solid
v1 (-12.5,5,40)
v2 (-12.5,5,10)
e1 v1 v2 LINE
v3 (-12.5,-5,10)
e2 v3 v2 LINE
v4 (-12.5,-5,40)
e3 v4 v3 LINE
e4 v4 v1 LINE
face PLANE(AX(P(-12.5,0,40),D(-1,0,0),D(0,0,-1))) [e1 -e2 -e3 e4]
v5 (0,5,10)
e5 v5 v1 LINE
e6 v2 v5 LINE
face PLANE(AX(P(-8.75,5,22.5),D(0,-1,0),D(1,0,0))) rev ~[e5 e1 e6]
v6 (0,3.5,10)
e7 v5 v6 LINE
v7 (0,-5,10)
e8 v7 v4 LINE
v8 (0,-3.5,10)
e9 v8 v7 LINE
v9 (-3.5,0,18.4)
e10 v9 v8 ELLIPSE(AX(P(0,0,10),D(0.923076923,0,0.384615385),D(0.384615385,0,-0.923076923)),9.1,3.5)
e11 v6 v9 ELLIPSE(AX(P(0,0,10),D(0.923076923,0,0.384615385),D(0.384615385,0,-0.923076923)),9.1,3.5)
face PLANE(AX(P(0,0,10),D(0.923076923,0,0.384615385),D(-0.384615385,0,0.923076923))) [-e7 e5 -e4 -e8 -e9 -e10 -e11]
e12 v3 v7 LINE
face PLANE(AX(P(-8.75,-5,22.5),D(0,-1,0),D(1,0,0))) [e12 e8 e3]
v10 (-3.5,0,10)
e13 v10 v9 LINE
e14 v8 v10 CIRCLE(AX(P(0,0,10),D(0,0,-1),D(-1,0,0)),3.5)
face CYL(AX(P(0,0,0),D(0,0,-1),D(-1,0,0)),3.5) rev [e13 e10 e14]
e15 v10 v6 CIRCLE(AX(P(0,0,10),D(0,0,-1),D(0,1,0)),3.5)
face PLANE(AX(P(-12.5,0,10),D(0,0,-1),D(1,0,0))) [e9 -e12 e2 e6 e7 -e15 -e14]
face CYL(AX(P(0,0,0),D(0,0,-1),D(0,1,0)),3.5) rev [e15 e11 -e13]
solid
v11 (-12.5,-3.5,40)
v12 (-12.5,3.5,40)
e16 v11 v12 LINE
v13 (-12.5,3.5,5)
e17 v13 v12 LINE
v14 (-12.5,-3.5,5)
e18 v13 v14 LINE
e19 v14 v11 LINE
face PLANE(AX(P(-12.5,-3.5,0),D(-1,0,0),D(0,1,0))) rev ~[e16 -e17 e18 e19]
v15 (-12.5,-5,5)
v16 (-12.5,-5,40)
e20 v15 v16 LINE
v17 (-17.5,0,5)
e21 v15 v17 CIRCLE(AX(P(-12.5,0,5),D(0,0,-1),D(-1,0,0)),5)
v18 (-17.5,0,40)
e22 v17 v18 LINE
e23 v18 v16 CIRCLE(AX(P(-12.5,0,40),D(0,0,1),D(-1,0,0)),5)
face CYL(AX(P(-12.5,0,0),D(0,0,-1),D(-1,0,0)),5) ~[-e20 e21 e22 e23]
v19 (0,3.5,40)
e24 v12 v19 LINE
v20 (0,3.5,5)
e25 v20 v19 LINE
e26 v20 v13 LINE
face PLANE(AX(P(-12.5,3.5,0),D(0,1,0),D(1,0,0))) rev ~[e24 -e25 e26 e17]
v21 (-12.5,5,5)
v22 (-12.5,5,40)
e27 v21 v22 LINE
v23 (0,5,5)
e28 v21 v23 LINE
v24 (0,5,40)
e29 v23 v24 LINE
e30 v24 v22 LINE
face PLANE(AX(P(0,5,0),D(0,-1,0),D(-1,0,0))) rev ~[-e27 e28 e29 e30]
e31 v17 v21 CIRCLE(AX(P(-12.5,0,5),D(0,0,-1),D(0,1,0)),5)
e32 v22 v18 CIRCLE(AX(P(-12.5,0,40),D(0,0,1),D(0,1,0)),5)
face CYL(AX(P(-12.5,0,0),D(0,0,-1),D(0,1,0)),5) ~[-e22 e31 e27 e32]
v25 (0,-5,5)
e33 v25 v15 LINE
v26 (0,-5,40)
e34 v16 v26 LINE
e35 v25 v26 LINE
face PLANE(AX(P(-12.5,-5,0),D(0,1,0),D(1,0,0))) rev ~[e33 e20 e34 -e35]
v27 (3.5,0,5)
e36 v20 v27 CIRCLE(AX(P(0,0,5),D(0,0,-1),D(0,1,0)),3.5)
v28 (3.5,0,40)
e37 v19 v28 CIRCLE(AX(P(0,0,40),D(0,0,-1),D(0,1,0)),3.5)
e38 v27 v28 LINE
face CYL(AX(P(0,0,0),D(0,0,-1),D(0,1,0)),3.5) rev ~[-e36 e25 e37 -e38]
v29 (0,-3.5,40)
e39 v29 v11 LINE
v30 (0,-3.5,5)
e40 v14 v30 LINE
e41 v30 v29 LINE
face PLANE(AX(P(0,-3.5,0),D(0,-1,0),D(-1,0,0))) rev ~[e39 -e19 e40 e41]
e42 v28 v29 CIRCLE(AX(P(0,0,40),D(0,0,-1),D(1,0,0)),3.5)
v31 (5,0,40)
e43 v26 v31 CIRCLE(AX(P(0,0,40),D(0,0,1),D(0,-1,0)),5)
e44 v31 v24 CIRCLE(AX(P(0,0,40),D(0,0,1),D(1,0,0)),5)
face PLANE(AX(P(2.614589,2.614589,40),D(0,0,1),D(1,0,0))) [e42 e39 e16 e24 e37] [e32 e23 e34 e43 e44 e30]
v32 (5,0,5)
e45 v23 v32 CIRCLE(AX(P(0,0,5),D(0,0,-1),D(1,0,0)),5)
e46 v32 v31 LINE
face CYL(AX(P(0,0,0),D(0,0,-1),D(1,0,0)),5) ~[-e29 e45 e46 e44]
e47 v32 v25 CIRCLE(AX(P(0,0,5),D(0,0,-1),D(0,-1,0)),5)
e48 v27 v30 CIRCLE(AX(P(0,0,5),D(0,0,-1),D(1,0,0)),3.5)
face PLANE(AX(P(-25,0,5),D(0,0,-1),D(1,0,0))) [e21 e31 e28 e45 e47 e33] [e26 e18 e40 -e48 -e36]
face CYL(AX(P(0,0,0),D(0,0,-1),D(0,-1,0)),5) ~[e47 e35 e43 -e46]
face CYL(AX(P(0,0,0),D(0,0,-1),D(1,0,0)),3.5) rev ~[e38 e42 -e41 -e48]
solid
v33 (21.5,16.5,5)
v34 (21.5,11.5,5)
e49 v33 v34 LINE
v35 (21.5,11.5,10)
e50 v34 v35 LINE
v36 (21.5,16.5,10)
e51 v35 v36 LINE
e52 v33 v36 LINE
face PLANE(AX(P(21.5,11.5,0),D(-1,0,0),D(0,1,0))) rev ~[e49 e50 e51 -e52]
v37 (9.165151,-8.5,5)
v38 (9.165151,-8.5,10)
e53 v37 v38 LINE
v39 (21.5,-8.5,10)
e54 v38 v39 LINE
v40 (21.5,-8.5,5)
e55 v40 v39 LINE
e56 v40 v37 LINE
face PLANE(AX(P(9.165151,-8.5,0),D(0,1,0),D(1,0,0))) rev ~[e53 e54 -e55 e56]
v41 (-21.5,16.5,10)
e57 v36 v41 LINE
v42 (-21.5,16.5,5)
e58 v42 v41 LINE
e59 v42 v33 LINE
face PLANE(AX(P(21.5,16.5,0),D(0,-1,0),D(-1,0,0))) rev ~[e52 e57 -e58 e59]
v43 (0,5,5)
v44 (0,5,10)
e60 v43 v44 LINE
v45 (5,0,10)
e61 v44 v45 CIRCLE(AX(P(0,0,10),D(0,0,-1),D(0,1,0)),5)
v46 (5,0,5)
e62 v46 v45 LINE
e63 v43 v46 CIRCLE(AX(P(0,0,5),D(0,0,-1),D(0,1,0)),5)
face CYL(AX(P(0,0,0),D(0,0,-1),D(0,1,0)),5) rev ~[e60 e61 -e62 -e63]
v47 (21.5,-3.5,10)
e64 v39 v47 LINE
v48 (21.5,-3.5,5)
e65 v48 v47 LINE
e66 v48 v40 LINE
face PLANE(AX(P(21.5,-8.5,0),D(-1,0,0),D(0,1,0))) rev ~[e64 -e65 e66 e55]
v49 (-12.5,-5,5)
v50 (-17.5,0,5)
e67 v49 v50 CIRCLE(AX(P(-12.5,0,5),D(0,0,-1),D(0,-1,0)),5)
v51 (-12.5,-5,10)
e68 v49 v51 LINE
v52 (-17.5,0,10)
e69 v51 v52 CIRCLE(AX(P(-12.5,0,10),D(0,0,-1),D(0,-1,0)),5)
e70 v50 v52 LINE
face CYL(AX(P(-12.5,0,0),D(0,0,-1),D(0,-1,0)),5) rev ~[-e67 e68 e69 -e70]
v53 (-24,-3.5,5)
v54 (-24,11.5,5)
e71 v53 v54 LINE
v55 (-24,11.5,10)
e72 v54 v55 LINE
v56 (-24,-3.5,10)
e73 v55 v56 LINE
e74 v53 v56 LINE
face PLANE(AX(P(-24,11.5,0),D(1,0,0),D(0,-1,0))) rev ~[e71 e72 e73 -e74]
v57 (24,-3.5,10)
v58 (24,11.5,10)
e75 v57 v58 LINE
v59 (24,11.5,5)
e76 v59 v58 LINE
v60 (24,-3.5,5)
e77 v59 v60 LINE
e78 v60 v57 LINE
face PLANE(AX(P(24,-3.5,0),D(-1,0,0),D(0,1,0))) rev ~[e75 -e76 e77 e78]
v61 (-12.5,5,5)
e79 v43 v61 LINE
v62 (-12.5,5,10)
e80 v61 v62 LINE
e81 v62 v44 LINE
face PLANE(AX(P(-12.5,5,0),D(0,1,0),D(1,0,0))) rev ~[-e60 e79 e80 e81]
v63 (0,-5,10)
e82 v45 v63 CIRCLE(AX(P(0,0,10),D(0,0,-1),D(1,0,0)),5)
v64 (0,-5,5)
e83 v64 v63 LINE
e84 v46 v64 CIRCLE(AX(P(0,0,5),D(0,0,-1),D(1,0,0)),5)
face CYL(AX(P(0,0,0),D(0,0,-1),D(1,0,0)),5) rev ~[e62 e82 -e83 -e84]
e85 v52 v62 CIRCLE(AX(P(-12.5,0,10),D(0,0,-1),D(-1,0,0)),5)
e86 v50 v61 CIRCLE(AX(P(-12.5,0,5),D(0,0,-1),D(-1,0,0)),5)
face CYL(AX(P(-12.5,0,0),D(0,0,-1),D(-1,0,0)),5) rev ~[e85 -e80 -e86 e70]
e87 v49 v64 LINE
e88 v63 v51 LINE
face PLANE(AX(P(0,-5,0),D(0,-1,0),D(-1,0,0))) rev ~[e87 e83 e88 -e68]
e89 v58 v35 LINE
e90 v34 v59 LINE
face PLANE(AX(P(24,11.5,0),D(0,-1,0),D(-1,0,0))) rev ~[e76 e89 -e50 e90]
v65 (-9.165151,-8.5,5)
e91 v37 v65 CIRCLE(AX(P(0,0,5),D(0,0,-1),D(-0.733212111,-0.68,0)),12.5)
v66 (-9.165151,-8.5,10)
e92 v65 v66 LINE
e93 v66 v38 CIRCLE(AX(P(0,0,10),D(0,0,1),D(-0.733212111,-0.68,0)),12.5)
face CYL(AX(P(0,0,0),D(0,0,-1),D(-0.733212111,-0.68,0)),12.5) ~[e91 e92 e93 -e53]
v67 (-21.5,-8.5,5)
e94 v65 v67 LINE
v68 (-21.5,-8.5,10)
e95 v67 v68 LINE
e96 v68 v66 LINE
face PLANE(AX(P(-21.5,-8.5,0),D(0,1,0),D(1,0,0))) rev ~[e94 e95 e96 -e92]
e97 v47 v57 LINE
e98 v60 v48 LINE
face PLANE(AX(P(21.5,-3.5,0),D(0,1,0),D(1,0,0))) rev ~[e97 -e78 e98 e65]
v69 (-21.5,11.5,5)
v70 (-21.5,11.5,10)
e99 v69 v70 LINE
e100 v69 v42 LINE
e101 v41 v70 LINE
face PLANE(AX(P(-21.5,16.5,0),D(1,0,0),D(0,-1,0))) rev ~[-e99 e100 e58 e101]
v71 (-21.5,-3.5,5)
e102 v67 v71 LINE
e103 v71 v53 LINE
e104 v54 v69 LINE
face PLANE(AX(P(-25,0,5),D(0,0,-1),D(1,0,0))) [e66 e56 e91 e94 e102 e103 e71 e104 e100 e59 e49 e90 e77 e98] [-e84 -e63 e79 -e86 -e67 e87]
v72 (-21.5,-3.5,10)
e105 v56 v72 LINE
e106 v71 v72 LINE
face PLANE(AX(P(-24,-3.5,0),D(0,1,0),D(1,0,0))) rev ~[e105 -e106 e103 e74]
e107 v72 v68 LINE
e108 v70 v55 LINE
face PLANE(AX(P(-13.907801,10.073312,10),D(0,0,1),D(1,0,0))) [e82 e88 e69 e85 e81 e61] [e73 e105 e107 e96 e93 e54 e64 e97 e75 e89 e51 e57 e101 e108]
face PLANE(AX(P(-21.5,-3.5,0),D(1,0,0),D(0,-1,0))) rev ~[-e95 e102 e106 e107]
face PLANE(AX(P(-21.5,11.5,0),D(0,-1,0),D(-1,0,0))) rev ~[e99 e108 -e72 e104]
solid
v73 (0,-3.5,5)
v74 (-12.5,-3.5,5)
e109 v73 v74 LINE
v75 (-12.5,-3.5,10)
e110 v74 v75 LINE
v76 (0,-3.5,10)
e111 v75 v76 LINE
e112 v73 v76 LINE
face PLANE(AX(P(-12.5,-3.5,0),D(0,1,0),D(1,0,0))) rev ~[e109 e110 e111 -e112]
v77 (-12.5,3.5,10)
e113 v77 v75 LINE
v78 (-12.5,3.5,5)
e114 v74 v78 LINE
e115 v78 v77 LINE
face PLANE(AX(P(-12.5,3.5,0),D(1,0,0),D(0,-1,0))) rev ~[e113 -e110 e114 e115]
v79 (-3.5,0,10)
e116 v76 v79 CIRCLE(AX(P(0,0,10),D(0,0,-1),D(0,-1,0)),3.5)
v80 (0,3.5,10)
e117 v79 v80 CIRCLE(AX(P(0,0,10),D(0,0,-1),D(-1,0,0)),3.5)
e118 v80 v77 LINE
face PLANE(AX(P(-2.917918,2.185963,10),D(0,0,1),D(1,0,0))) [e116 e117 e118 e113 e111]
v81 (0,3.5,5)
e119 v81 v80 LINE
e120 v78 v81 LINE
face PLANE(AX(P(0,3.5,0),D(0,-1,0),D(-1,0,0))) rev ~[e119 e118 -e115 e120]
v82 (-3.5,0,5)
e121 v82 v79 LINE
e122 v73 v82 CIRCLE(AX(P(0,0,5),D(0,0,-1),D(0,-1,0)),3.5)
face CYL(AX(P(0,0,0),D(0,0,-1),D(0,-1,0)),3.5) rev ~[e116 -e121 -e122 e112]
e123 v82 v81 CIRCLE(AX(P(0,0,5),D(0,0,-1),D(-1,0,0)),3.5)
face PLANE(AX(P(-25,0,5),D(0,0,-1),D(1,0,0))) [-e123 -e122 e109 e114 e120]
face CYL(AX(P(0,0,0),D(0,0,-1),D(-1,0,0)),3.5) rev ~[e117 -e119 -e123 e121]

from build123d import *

# Parameters (mm, degrees)
F2_DEPTH = 5
F3_DEPTH = 40
F4_DEPTH = 10
F5_DEPTH = 40
F7_DEPTH = 20


with BuildPart() as f2:
    # F1 (on Front) → F2 (new body, symmetric)
    with BuildSketch(Plane.XZ):
        Polygon((-12.5, 10), (0, 10), (-12.5, 40), align=None)
    extrude(amount=F2_DEPTH, both=True)

    # F0 (on Top) → F5 (cut)
    with BuildSketch(Plane.XY):
        with BuildLine():
            Line((0, 0), (0, 3.5))
            ThreePointArc((0, 3.5), (-2.4748737342, 2.4748737342), (-3.5, 0))
            Line((-3.5, 0), (0, 0))
        make_face()
        with BuildLine():
            ThreePointArc((-3.5, 0), (-2.4748737342, -2.4748737342), (0, -3.5))
            Line((0, -3.5), (0, 0))
            Line((0, 0), (-3.5, 0))
        make_face()
    extrude(amount=F5_DEPTH, mode=Mode.SUBTRACT)


with BuildPart() as f3:
    # F0 (on Top) → F3 (new body)
    with BuildSketch(Plane.XY):
        with BuildLine():
            Line((3.5, 0), (5, 0))
            ThreePointArc((5, 0), (3.5355339059, 3.5355339059), (0, 5))
            Line((0, 5), (0, 3.5))
            ThreePointArc((0, 3.5), (2.4748737342, 2.4748737342), (3.5, 0))
        make_face()
        with BuildLine():
            ThreePointArc((0, -5), (3.5355339059, -3.5355339059), (5, 0))
            Line((5, 0), (3.5, 0))
            ThreePointArc((3.5, 0), (2.4748737342, -2.4748737342), (0, -3.5))
            Line((0, -3.5), (0, -5))
        make_face()
        with BuildLine():
            Line((-11.4564392374, -5), (0, -5))
            ThreePointArc((0, -5), (-1.9364916731, -4.6097722286), (-3.5707142143, -3.5))
            Line((-3.5707142143, -3.5), (-8.9292857857, -3.5))
            ThreePointArc((-8.9292857857, -3.5), (-10.1099910027, -4.3917942794), (-11.5, -4.8989794856))
            ThreePointArc((-11.5, -4.8989794856), (-11.4783307541, -4.9495376652), (-11.4564392374, -5))
        make_face()
        with BuildLine():
            ThreePointArc((-3.5707142143, 3.5), (-1.9364916731, 4.6097722286), (0, 5))
            Line((0, 5), (-11.4564392374, 5))
            ThreePointArc((-11.4564392374, 5), (-11.4783307541, 4.9495376652), (-11.5, 4.8989794856))
            ThreePointArc((-11.5, 4.8989794856), (-10.1099910027, 4.3917942794), (-8.9292857857, 3.5))
            Line((-8.9292857857, 3.5), (-3.5707142143, 3.5))
        make_face()
        with BuildLine():
            Line((0, 3.5), (0, 5))
            ThreePointArc((0, 5), (-1.9364916731, 4.6097722286), (-3.5707142143, 3.5))
            Line((-3.5707142143, 3.5), (0, 3.5))
        make_face()
        with BuildLine():
            ThreePointArc((-3.5707142143, -3.5), (-1.9364916731, -4.6097722286), (0, -5))
            Line((0, -5), (0, -3.5))
            Line((0, -3.5), (-3.5707142143, -3.5))
        make_face()
        with BuildLine():
            Line((-12.5, 3.5), (-12.5, 5))
            ThreePointArc((-12.5, 5), (-16.0355339059, 3.5355339059), (-17.5, 0))
            Line((-17.5, 0), (-15.5, 0))
            ThreePointArc((-15.5, 0), (-14.6213203436, 2.1213203436), (-12.5, 3))
            Line((-12.5, 3), (-12.5, 3.5))
        make_face()
        with BuildLine():
            ThreePointArc((-17.5, 0), (-16.0355339059, -3.5355339059), (-12.5, -5))
            Line((-12.5, -5), (-12.5, -3.5))
            Line((-12.5, -3.5), (-12.5, -3))
            ThreePointArc((-12.5, -3), (-14.6213203436, -2.1213203436), (-15.5, 0))
            Line((-15.5, 0), (-17.5, 0))
        make_face()
        with BuildLine():
            Line((-12.5, 0), (-15.5, 0))
            ThreePointArc((-15.5, 0), (-14.6213203436, -2.1213203436), (-12.5, -3))
            Line((-12.5, -3), (-12.5, 0))
        make_face()
        with BuildLine():
            ThreePointArc((-12.5, 3), (-14.6213203436, 2.1213203436), (-15.5, 0))
            Line((-15.5, 0), (-12.5, 0))
            Line((-12.5, 0), (-12.5, 3))
        make_face()
        with BuildLine():
            ThreePointArc((-12, 3.5), (-11.7708022624, 4.2069245417), (-11.5, 4.8989794856))
            ThreePointArc((-11.5, 4.8989794856), (-11.99745519, 4.974680765), (-12.5, 5))
            Line((-12.5, 5), (-12.5, 3.5))
            Line((-12.5, 3.5), (-12, 3.5))
        make_face()
        with BuildLine():
            ThreePointArc((-12.5, -5), (-11.99745519, -4.974680765), (-11.5, -4.8989794856))
            ThreePointArc((-11.5, -4.8989794856), (-11.7708022624, -4.2069245417), (-12, -3.5))
            Line((-12, -3.5), (-12.5, -3.5))
            Line((-12.5, -3.5), (-12.5, -5))
        make_face()
        with BuildLine():
            ThreePointArc((-8.9292857857, 3.5), (-10.1099910027, 4.3917942794), (-11.5, 4.8989794856))
            ThreePointArc((-11.5, 4.8989794856), (-11.7708022624, 4.2069245417), (-12, 3.5))
            Line((-12, 3.5), (-8.9292857857, 3.5))
        make_face()
        with BuildLine():
            ThreePointArc((-11.5, -4.8989794856), (-10.1099910027, -4.3917942794), (-8.9292857857, -3.5))
            Line((-8.9292857857, -3.5), (-12, -3.5))
            ThreePointArc((-12, -3.5), (-11.7708022624, -4.2069245417), (-11.5, -4.8989794856))
        make_face()
        with BuildLine():
            ThreePointArc((-11.5, 4.8989794856), (-11.4783307541, 4.9495376652), (-11.4564392374, 5))
            Line((-11.4564392374, 5), (-12.5, 5))
            ThreePointArc((-12.5, 5), (-11.99745519, 4.974680765), (-11.5, 4.8989794856))
        make_face()
        with BuildLine():
            Line((-12.5, -5), (-11.4564392374, -5))
            ThreePointArc((-11.4564392374, -5), (-11.4783307541, -4.9495376652), (-11.5, -4.8989794856))
            ThreePointArc((-11.5, -4.8989794856), (-11.99745519, -4.974680765), (-12.5, -5))
        make_face()
    extrude(amount=F3_DEPTH)


with BuildPart() as f4:
    # F0 (on Top) → F4 (new body)
    with BuildSketch(Plane.XY):
        with BuildLine():
            ThreePointArc((-11.4564392374, 5), (-6.8465319688, 10.4582503317), (0, 12.5))
            Line((0, 12.5), (0, 16.5))
            Line((0, 16.5), (-21.5, 16.5))
            Line((-21.5, 16.5), (-21.5, 11.5))
            Line((-21.5, 11.5), (-24, 11.5))
            Line((-24, 11.5), (-24, 0))
            Line((-24, 0), (-17.5, 0))
            ThreePointArc((-17.5, 0), (-16.0355339059, 3.5355339059), (-12.5, 5))
            Line((-12.5, 5), (-11.4564392374, 5))
        make_face()
        with BuildLine():
            Line((-21.5, -8.5), (-9.1651513899, -8.5))
            ThreePointArc((-9.1651513899, -8.5), (-10.4582503317, -6.8465319688), (-11.4564392374, -5))
            Line((-11.4564392374, -5), (-12.5, -5))
            ThreePointArc((-12.5, -5), (-16.0355339059, -3.5355339059), (-17.5, 0))
            Line((-17.5, 0), (-24, 0))
            Line((-24, 0), (-24, -3.5))
            Line((-24, -3.5), (-21.5, -3.5))
            Line((-21.5, -3.5), (-21.5, -8.5))
        make_face()
        with BuildLine():
            Line((0, -8.5), (0, -5))
            Line((0, -5), (-11.4564392374, -5))
            ThreePointArc((-11.4564392374, -5), (-10.4582503317, -6.8465319688), (-9.1651513899, -8.5))
            Line((-9.1651513899, -8.5), (0, -8.5))
        make_face()
        with BuildLine():
            ThreePointArc((9.1651513899, -8.5), (10.4582503317, -6.8465319688), (11.4564392374, -5))
            Line((11.4564392374, -5), (0, -5))
            Line((0, -5), (0, -8.5))
            Line((0, -8.5), (9.1651513899, -8.5))
        make_face()
        with BuildLine():
            ThreePointArc((-9.1651513899, -8.5), (0, -12.5), (9.1651513899, -8.5))
            Line((9.1651513899, -8.5), (0, -8.5))
            Line((0, -8.5), (-9.1651513899, -8.5))
        make_face()
        with BuildLine():
            Line((24, 0), (12.5, 0))
            ThreePointArc((12.5, 0), (12.2363289116, -2.5538705461), (11.4564392374, -5))
            ThreePointArc((11.4564392374, -5), (10.4582503317, -6.8465319688), (9.1651513899, -8.5))
            Line((9.1651513899, -8.5), (21.5, -8.5))
            Line((21.5, -8.5), (21.5, -3.5))
            Line((21.5, -3.5), (24, -3.5))
            Line((24, -3.5), (24, 0))
        make_face()
        with BuildLine():
            ThreePointArc((11.4564392374, 5), (12.2363289116, 2.5538705461), (12.5, 0))
            Line((12.5, 0), (24, 0))
            Line((24, 0), (24, 11.5))
            Line((24, 11.5), (21.5, 11.5))
            Line((21.5, 11.5), (21.5, 16.5))
            Line((21.5, 16.5), (0, 16.5))
            Line((0, 16.5), (0, 12.5))
            ThreePointArc((0, 12.5), (6.8465319688, 10.4582503317), (11.4564392374, 5))
        make_face()
        with BuildLine():
            Line((0, 5), (11.4564392374, 5))
            ThreePointArc((11.4564392374, 5), (6.8465319688, 10.4582503317), (0, 12.5))
            Line((0, 12.5), (0, 5))
        make_face()
        with BuildLine():
            Line((0, 5), (0, 12.5))
            ThreePointArc((0, 12.5), (-6.8465319688, 10.4582503317), (-11.4564392374, 5))
            Line((-11.4564392374, 5), (0, 5))
        make_face()
        with BuildLine():
            Line((5, 0), (12.5, 0))
            ThreePointArc((12.5, 0), (12.2363289116, 2.5538705461), (11.4564392374, 5))
            Line((11.4564392374, 5), (0, 5))
            ThreePointArc((0, 5), (3.5355339059, 3.5355339059), (5, 0))
        make_face()
        with BuildLine():
            ThreePointArc((11.4564392374, -5), (12.2363289116, -2.5538705461), (12.5, 0))
            Line((12.5, 0), (5, 0))
            ThreePointArc((5, 0), (3.5355339059, -3.5355339059), (0, -5))
            Line((0, -5), (11.4564392374, -5))
        make_face()
    extrude(amount=F4_DEPTH)


with BuildPart() as f4b:
    # F0 (on Top) → F4, piece 2 (new body)
    with BuildSketch(Plane.XY):
        with BuildLine():
            Line((0, 3.5), (-3.5707142143, 3.5))
            ThreePointArc((-3.5707142143, 3.5), (-4.6289075964, 1.8902948088), (-5, 0))
            Line((-5, 0), (-3.5, 0))
            ThreePointArc((-3.5, 0), (-2.4748737342, 2.4748737342), (0, 3.5))
        make_face()
        with BuildLine():
            ThreePointArc((-5, 0), (-4.6289075964, 1.8902948088), (-3.5707142143, 3.5))
            Line((-3.5707142143, 3.5), (-8.9292857857, 3.5))
            ThreePointArc((-8.9292857857, 3.5), (-7.8710924036, 1.8902948088), (-7.5, 0))
            Line((-7.5, 0), (-5, 0))
        make_face()
        with BuildLine():
            Line((-8.9292857857, -3.5), (-3.5707142143, -3.5))
            ThreePointArc((-3.5707142143, -3.5), (-4.6289075964, -1.8902948088), (-5, 0))
            Line((-5, 0), (-7.5, 0))
            ThreePointArc((-7.5, 0), (-7.8710924036, -1.8902948088), (-8.9292857857, -3.5))
        make_face()
        with BuildLine():
            ThreePointArc((-5, 0), (-4.6289075964, -1.8902948088), (-3.5707142143, -3.5))
            Line((-3.5707142143, -3.5), (0, -3.5))
            ThreePointArc((0, -3.5), (-2.4748737342, -2.4748737342), (-3.5, 0))
            Line((-3.5, 0), (-5, 0))
        make_face()
        with BuildLine():
            Line((-12, -3.5), (-8.9292857857, -3.5))
            ThreePointArc((-8.9292857857, -3.5), (-7.8710924036, -1.8902948088), (-7.5, 0))
            Line((-7.5, 0), (-9.5, 0))
            ThreePointArc((-9.5, 0), (-10.2550055679, -1.9899748742), (-12.14, -2.978321675))
            ThreePointArc((-12.14, -2.978321675), (-12.072818108, -3.239917118), (-12, -3.5))
        make_face()
        with BuildLine():
            ThreePointArc((-7.5, 0), (-7.8710924036, 1.8902948088), (-8.9292857857, 3.5))
            Line((-8.9292857857, 3.5), (-12, 3.5))
            ThreePointArc((-12, 3.5), (-12.072818108, 3.239917118), (-12.14, 2.978321675))
            ThreePointArc((-12.14, 2.978321675), (-10.2550055679, 1.9899748742), (-9.5, 0))
            Line((-9.5, 0), (-7.5, 0))
        make_face()
        with BuildLine():
            ThreePointArc((-9.5, 0), (-10.2550055679, 1.9899748742), (-12.14, 2.978321675))
            ThreePointArc((-12.14, 2.978321675), (-12.409673646, 1.5), (-12.5, 0))
            Line((-12.5, 0), (-9.5, 0))
        make_face()
        with BuildLine():
            ThreePointArc((-12.14, -2.978321675), (-10.2550055679, -1.9899748742), (-9.5, 0))
            Line((-9.5, 0), (-12.5, 0))
            ThreePointArc((-12.5, 0), (-12.409673646, -1.5), (-12.14, -2.978321675))
        make_face()
        with BuildLine():
            ThreePointArc((-12.5, -3), (-12.3196739413, -2.9945755146), (-12.14, -2.978321675))
            ThreePointArc((-12.14, -2.978321675), (-12.409673646, -1.5), (-12.5, 0))
            Line((-12.5, 0), (-12.5, -3))
        make_face()
        with BuildLine():
            ThreePointArc((-12.5, 0), (-12.409673646, 1.5), (-12.14, 2.978321675))
            ThreePointArc((-12.14, 2.978321675), (-12.3196739413, 2.9945755146), (-12.5, 3))
            Line((-12.5, 3), (-12.5, 0))
        make_face()
        with BuildLine():
            ThreePointArc((-12.14, 2.978321675), (-12.072818108, 3.239917118), (-12, 3.5))
            Line((-12, 3.5), (-12.5, 3.5))
            Line((-12.5, 3.5), (-12.5, 3))
            ThreePointArc((-12.5, 3), (-12.3196739413, 2.9945755146), (-12.14, 2.978321675))
        make_face()
        with BuildLine():
            Line((-12.5, -3.5), (-12, -3.5))
            ThreePointArc((-12, -3.5), (-12.072818108, -3.239917118), (-12.14, -2.978321675))
            ThreePointArc((-12.14, -2.978321675), (-12.3196739413, -2.9945755146), (-12.5, -3))
            Line((-12.5, -3), (-12.5, -3.5))
        make_face()
    extrude(amount=F4_DEPTH)


with BuildPart() as f7_tool:
    # F6 (on Front) → F7 (new body, symmetric)
    with BuildSketch(Plane.XZ):
        Polygon((25, 45), (-25, 45), (-25, 5), (0, 5), (25, 5), align=None)
    extrude(amount=F7_DEPTH, both=True)


with BuildPart() as f2_1:
    add(f2.part)

    # F7: intersect by f7_tool
    add(f7_tool.part, mode=Mode.INTERSECT)


with BuildPart() as f3_1:
    add(f3.part)

    # F7: intersect by f7_tool
    add(f7_tool.part, mode=Mode.INTERSECT)


with BuildPart() as f4_1:
    add(f4.part)

    # F7: intersect by f7_tool
    add(f7_tool.part, mode=Mode.INTERSECT)


with BuildPart() as f4b_1:
    add(f4b.part)

    # F7: intersect by f7_tool
    add(f7_tool.part, mode=Mode.INTERSECT)


solid = Compound([f2_1.part, f3_1.part, f4_1.part, f4b_1.part])
